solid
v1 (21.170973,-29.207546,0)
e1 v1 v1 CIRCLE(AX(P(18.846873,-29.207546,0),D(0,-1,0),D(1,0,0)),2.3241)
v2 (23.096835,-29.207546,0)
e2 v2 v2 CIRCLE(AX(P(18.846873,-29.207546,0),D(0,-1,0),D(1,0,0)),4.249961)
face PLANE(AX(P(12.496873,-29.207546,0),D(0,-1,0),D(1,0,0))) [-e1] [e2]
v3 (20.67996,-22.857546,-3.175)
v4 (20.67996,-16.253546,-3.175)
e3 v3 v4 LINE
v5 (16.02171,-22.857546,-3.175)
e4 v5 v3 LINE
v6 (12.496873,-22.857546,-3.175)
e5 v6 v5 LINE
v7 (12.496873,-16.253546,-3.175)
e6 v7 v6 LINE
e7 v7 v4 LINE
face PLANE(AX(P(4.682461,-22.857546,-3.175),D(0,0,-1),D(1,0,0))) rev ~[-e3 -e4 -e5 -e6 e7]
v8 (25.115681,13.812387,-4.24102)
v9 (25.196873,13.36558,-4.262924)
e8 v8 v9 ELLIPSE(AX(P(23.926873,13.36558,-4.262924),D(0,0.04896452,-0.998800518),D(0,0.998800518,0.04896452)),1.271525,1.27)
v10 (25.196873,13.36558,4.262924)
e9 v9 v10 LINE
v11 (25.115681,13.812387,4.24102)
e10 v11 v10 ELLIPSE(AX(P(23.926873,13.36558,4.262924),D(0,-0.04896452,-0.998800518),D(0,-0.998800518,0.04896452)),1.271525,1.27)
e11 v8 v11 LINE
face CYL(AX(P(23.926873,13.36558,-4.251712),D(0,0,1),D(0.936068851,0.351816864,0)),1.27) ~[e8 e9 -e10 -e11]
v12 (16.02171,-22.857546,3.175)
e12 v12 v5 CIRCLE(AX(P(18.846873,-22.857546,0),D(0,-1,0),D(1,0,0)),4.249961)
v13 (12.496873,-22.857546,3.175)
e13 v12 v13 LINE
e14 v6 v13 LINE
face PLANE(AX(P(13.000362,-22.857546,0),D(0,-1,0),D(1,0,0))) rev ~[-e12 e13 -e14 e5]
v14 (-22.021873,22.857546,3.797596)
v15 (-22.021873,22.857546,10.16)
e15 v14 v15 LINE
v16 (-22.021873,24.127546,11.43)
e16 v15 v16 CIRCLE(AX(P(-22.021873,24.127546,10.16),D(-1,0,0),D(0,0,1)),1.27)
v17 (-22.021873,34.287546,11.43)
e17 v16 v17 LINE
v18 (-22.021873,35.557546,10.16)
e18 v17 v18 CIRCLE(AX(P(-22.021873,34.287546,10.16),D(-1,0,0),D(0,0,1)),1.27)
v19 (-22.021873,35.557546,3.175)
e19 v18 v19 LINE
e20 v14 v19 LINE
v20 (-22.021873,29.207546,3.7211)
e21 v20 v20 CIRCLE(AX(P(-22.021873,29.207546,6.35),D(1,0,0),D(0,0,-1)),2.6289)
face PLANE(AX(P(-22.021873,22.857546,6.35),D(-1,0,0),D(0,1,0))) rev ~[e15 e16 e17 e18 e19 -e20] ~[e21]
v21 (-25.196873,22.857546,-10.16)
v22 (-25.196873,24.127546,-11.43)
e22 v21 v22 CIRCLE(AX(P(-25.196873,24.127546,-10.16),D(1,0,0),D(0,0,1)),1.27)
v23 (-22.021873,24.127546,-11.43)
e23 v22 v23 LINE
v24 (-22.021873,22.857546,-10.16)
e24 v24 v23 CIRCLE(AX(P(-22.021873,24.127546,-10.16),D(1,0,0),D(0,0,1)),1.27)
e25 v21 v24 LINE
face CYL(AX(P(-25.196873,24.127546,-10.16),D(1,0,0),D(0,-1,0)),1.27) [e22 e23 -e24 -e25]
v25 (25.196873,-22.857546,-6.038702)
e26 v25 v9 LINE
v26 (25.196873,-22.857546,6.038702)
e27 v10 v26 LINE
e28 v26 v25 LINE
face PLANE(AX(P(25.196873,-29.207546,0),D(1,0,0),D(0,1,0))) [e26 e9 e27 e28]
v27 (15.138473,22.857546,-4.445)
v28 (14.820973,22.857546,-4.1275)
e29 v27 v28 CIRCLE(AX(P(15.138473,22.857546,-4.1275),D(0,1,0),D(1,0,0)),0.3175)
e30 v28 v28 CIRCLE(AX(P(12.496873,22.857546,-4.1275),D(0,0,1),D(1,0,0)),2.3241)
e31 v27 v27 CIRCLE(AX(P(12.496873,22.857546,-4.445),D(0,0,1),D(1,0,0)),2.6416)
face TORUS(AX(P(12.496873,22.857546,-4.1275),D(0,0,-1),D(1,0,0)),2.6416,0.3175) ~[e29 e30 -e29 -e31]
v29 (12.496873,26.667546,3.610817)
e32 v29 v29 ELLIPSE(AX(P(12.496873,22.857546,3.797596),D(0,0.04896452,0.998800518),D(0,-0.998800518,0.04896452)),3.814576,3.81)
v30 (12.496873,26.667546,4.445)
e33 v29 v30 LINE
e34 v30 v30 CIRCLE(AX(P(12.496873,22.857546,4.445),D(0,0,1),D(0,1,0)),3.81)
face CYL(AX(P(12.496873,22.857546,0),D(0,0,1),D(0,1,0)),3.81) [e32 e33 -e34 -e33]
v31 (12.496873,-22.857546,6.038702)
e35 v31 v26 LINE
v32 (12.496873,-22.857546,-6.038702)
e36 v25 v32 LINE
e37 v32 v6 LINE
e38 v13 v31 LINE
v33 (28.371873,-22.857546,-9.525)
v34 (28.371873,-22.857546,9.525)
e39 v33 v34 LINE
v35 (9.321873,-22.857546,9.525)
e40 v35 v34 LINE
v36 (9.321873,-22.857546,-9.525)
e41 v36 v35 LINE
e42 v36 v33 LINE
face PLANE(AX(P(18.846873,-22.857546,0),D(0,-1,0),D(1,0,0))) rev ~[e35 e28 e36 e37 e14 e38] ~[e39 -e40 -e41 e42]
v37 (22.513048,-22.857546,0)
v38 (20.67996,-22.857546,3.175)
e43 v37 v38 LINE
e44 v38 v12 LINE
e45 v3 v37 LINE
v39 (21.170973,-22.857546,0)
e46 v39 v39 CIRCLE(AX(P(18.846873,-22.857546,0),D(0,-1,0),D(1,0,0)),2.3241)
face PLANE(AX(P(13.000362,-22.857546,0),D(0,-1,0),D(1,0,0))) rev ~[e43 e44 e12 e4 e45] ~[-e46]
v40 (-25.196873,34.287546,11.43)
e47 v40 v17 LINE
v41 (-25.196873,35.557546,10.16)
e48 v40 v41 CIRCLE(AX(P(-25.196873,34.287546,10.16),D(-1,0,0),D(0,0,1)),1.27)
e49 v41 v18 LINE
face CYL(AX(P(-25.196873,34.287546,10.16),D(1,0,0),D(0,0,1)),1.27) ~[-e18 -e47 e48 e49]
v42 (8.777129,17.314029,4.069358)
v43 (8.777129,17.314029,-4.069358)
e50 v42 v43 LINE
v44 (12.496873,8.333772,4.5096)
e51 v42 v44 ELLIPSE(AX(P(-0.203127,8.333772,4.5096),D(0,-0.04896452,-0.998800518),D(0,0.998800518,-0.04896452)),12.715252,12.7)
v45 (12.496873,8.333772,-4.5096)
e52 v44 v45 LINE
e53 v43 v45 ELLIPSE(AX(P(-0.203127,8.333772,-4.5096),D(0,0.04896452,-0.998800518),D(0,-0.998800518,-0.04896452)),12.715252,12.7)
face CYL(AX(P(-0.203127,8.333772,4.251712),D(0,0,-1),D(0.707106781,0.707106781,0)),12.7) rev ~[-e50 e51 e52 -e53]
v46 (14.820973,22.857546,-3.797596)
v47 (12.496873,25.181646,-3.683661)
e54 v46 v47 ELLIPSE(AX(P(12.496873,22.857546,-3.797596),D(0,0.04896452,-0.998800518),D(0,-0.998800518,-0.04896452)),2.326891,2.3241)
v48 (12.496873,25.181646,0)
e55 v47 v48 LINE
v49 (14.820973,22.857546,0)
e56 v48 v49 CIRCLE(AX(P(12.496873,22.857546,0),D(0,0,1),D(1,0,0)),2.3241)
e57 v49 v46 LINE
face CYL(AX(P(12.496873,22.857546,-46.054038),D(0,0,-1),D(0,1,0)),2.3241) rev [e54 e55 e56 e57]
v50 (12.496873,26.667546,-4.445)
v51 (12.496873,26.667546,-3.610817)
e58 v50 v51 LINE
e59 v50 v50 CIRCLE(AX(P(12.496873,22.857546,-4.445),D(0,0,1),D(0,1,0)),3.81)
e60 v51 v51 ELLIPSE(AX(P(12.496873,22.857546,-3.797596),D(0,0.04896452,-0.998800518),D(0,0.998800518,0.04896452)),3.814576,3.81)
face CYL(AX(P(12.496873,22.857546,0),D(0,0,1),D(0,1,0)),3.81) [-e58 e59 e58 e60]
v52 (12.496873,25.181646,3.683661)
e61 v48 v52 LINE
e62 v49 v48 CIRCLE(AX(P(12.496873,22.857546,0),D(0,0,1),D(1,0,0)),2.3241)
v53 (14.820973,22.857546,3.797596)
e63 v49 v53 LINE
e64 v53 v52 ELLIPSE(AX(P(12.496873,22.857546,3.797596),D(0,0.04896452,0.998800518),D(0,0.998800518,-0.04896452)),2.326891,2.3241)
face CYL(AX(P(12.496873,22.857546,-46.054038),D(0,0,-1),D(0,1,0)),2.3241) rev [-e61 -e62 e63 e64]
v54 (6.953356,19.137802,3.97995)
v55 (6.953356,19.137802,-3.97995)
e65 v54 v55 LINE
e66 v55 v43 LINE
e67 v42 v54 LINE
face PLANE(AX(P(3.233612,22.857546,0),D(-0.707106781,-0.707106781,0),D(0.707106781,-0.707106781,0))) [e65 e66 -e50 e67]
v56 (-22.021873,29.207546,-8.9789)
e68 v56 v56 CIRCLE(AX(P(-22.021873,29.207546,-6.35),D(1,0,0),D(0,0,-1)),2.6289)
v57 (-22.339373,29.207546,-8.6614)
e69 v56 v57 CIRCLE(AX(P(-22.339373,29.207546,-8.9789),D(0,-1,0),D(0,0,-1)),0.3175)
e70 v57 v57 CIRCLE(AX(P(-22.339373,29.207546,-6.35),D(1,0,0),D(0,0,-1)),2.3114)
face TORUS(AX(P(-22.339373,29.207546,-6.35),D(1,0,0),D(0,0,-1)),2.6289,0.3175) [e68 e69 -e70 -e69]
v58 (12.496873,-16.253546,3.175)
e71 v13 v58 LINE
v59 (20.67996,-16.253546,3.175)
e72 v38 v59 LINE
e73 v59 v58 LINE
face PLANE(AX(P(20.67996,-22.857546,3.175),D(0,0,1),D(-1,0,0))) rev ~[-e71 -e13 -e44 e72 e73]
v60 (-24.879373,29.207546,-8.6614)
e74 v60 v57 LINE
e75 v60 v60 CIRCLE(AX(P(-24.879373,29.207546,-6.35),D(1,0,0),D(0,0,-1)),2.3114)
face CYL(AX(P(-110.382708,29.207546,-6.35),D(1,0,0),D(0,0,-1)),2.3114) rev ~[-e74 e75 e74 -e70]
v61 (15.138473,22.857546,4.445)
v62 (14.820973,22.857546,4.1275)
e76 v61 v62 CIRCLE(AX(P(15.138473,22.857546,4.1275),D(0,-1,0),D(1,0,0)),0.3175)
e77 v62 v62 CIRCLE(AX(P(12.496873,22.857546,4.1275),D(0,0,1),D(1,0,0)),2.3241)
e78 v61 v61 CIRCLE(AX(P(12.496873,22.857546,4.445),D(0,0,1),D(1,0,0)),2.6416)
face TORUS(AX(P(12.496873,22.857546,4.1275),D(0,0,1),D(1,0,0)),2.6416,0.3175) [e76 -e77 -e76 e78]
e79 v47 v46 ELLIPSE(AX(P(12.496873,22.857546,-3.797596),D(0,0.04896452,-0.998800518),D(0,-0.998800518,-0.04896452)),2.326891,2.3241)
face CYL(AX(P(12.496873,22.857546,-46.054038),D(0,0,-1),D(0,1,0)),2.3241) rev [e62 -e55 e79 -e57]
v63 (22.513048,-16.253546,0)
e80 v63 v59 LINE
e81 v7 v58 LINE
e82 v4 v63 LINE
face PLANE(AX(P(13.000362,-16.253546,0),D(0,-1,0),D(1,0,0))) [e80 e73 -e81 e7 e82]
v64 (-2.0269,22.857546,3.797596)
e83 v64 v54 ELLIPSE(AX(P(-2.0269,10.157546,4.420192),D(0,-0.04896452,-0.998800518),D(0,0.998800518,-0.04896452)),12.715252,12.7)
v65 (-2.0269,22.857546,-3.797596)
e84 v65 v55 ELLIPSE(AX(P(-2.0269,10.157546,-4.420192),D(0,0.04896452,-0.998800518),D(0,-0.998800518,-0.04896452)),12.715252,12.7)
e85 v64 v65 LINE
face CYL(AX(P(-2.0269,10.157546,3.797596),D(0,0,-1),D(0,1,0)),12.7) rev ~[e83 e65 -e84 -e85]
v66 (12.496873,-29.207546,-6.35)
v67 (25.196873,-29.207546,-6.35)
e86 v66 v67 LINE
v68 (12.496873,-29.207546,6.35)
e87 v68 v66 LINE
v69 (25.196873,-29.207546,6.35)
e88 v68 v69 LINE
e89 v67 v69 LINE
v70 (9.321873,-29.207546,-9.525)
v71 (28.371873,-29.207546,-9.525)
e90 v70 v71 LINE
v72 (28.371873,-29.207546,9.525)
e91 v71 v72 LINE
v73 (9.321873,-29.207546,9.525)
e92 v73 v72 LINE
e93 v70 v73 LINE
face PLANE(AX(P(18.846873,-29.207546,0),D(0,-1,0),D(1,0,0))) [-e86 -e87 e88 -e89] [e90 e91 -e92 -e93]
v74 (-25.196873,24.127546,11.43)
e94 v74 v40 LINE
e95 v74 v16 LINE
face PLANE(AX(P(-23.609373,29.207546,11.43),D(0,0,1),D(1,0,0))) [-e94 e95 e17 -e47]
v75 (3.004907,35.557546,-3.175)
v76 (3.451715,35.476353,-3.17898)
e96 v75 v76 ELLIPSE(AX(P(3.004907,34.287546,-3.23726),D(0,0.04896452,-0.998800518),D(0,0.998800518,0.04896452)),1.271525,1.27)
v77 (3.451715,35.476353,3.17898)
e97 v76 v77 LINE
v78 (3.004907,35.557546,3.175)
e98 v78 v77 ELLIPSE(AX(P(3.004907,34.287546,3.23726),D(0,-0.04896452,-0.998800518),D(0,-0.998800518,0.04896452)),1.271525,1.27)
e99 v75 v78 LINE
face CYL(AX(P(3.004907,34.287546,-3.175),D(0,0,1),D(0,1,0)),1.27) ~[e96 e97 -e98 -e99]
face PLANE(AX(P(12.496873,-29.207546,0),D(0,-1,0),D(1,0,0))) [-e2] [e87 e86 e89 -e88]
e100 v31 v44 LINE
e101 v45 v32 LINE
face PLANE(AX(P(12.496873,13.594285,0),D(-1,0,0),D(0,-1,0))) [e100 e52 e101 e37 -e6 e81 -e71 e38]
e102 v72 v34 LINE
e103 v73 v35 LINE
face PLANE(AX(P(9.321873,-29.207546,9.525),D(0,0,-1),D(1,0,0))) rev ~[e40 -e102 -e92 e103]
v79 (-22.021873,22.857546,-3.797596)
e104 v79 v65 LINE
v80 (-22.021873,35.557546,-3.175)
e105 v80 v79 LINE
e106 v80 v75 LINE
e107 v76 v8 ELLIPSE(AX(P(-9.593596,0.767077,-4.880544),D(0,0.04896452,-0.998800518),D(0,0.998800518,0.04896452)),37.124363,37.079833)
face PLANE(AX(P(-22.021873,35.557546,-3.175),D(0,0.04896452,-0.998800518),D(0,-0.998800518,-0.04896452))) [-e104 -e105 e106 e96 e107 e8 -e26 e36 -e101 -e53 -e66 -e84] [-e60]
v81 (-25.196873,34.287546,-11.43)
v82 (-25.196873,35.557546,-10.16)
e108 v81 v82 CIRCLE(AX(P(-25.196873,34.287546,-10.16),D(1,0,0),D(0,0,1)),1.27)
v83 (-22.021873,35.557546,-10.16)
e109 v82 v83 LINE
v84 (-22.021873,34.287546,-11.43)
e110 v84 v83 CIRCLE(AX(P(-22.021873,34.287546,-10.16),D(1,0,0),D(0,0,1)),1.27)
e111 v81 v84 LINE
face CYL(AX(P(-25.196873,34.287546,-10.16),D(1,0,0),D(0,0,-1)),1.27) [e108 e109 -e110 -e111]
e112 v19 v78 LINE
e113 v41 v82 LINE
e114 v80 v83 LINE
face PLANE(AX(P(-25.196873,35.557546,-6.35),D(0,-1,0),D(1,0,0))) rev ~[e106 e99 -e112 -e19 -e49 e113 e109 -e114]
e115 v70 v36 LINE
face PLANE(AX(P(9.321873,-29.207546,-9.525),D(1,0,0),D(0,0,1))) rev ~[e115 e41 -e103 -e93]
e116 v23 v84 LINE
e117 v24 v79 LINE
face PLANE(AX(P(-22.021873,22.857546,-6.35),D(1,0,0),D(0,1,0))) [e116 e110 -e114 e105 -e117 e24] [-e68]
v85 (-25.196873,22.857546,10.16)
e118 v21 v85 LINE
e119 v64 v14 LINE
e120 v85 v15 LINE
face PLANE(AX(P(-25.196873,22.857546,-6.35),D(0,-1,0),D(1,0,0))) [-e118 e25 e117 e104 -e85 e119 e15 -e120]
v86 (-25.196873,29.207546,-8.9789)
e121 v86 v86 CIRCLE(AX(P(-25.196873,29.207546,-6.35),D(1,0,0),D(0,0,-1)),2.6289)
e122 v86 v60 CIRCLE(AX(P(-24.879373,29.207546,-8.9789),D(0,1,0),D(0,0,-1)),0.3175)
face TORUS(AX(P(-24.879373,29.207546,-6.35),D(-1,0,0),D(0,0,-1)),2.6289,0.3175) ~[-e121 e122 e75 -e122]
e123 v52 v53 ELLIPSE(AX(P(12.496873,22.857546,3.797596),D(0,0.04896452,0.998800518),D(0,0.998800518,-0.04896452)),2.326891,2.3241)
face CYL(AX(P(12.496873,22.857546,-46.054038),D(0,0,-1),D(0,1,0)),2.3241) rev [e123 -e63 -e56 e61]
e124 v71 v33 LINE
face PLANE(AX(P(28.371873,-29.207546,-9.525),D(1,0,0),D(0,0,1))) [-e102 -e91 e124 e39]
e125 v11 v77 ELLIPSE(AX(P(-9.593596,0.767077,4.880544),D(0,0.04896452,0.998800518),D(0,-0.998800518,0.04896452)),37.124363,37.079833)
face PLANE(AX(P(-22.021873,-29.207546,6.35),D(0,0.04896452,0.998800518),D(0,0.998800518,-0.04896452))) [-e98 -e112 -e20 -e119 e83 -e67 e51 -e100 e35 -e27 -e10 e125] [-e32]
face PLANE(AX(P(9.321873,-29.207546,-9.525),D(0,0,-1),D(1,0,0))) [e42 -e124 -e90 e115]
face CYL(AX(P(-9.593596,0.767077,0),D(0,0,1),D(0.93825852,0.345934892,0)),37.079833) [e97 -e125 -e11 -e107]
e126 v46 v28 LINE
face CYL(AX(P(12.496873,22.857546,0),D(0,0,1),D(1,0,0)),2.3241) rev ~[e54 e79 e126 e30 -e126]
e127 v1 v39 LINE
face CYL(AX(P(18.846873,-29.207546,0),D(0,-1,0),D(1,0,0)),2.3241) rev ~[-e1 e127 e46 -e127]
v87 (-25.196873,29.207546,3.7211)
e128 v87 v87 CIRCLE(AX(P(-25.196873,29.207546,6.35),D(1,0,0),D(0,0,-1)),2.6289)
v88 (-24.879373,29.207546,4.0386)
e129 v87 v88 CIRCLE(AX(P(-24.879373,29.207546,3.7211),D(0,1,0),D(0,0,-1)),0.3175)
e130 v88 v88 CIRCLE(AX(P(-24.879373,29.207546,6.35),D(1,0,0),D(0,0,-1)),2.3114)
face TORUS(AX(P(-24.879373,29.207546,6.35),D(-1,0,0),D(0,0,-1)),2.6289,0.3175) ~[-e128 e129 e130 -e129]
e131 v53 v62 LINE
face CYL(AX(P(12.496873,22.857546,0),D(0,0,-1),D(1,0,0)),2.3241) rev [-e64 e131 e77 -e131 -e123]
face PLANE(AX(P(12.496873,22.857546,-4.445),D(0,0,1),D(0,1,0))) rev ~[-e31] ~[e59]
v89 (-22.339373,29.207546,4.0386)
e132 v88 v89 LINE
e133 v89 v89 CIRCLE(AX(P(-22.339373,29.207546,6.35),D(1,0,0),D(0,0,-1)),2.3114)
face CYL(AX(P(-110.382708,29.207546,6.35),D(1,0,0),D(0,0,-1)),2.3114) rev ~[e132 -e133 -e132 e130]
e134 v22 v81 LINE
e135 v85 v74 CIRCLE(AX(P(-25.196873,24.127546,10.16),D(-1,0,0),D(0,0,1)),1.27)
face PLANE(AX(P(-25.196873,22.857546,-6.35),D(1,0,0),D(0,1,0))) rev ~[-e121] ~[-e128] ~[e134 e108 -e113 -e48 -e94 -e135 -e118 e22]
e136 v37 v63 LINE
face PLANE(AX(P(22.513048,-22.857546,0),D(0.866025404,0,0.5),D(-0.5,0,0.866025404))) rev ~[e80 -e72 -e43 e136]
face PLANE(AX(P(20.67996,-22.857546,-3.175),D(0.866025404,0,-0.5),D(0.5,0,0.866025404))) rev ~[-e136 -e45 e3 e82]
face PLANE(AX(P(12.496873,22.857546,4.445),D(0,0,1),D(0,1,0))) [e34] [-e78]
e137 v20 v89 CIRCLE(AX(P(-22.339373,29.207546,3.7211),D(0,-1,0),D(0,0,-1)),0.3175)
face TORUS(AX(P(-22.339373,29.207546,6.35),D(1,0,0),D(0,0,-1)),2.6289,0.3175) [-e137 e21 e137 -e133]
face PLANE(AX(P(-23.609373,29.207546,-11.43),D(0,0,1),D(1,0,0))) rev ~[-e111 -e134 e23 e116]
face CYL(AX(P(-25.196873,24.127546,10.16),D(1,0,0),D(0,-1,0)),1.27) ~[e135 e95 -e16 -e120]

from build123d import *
from build123d.topology import SkipClean

# Parameters (mm, degrees)
BOSS_EXTRUDE1_DEPTH         = 6.35
CUT_EXTRUDE5_START          = -3.175
SKETCH17_OUTSIDE_W          = 31.308
SKETCH17_OUTSIDE_H          = 83.374
CUT_EXTRUDE5_DEPTH          = 59.826542399
BOSS_EXTRUDE7_START         = 6.35
SKETCH18_W                  = 3.175
SKETCH18_H                  = 12.7
BOSS_EXTRUDE7_DEPTH         = 5.08
BOSS_EXTRUDE8_START         = -6.35
SKETCH18_2_W                = 3.175
SKETCH18_2_H                = 12.7
BOSS_EXTRUDE8_DEPTH         = 5.08
CUT_EXTRUDE6_DEPTH          = 46.054038494
CUT_EXTRUDE6_DEPTH_BACK     = 46.054038494
SKETCH20_R                  = 2.3241
FILLET7_R                   = 12.7
FILLET9_R                   = 1.27
SKETCH20_4_R                = 3.81
SKETCH20_4_R_2              = 2.3241
BOSS_EXTRUDE9_DEPTH         = 4.445
FILLET10_R                  = 0.3175
F_14_0_182_DIAMETER_HOLE1_D = 4.6228
FILLET11_R                  = 0.3175
SKETCH23_R                  = 2.3241
CUT_EXTRUDE7_DEPTH          = 12.7
CUT_EXTRUDE8_START          = -6.35
CUT_EXTRUDE8_DEPTH          = 6.604
SKETCH26_W                  = 19.05
SKETCH26_H                  = 19.05
SKETCH26_R                  = 4.249961333
BOSS_EXTRUDE10_DEPTH        = 6.35


with BuildPart() as part:
    # Sketch1 → Boss-Extrude1 (new, symmetric)
    with BuildSketch(Plane.XY):
        with BuildLine():
            Line((12.496873319, -29.207545747), (25.196873319, -29.207545747))
            Line((25.196873319, -29.207545747), (25.196873319, 13.594284672))
            ThreePointArc((25.196873319, 13.594284672), (16.625805495, 26.986477923), (3.233612245, 35.557545747))
            Line((3.233612245, 35.557545747), (-25.196873319, 35.557545747))
            Line((-25.196873319, 35.557545747), (-25.196873319, 22.857545747))
            Line((-25.196873319, 22.857545747), (3.233612245, 22.857545747))
            Line((3.233612245, 22.857545747), (12.496873319, 13.594284672))
            Line((12.496873319, 13.594284672), (12.496873319, -29.207545747))
        make_face()
    extrude(amount=BOSS_EXTRUDE1_DEPTH, both=True)

    # Sketch17 outside → Cut-Extrude5 (cut, through all)
    with BuildSketch(Plane.ZY.offset(25.196873319).offset(CUT_EXTRUDE5_START)):
        with Locations((0, 3.175)):
            Rectangle(SKETCH17_OUTSIDE_W, SKETCH17_OUTSIDE_H)
        Polygon((6.35, -29.207545747), (3.175, 35.557545747), (-3.175, 35.557545747), (-6.35, -29.207545747), align=None, mode=Mode.SUBTRACT)
    extrude(amount=-CUT_EXTRUDE5_DEPTH, mode=Mode.SUBTRACT)

    # Sketch18 → Boss-Extrude7 (add)
    with BuildSketch(Plane.XY.offset(BOSS_EXTRUDE7_START)):
        with Locations((-23.609373319, 29.207545747)):
            Rectangle(SKETCH18_W, SKETCH18_H)
    extrude(amount=BOSS_EXTRUDE7_DEPTH)

    # Sketch18<2> → Boss-Extrude8 (add)
    with BuildSketch(Plane.XY.offset(BOSS_EXTRUDE8_START)):
        with Locations((-23.609373319, 29.207545747)):
            Rectangle(SKETCH18_2_W, SKETCH18_2_H)
    extrude(amount=-BOSS_EXTRUDE8_DEPTH)

    # Sketch20 → Cut-Extrude6 (cut, two sides: drawn at the far end of the back side and taken through both)
    with BuildSketch(Plane.XY.offset(-CUT_EXTRUDE6_DEPTH_BACK)):
        with Locations(Location((12.496873319, 22.857545747, 0), (0, 0, 90))):
            Circle(SKETCH20_R)
    extrude(amount=CUT_EXTRUDE6_DEPTH + CUT_EXTRUDE6_DEPTH_BACK, mode=Mode.SUBTRACT)

    # Fillet7
    fillet7_edges = [part.edges().sort_by_distance(p)[0] for p in [
        (12.496873319, 13.594284672, 0),
        (3.233612245, 22.857545747, 0),
    ]]
    fillet(fillet7_edges, radius=FILLET7_R)

    # Fillet9
    fillet9_edges = [part.edges().sort_by_distance(p)[0] for p in [
        (25.196873319, 13.594284672, 0),
        (3.233612245, 35.557545747, 0),
        (-23.609373319, 22.857545747, 11.43),
        (-23.609373319, 22.857545747, -11.43),
        (-23.609373319, 35.557545747, -11.43),
        (-23.609373319, 35.557545747, 11.43),
    ]]
    fillet(fillet9_edges, radius=FILLET9_R)

    # Sketch20<4> → Boss-Extrude9 (add, symmetric)
    with SkipClean():  # the faces are left unmerged after this step: merging them gives an invalid solid
        with BuildSketch(Plane.XY):
            with Locations(Location((12.496873319, 22.857545747, 0), (0, 0, 90))):
                Circle(SKETCH20_4_R)
            with Locations((12.496873319, 22.857545747)):
                Circle(SKETCH20_4_R_2, mode=Mode.SUBTRACT)
        extrude(amount=BOSS_EXTRUDE9_DEPTH, both=True)

    # Fillet10
    fillet10_edges = [part.edges().sort_by_distance(p)[0] for p in [
        (10.172773319, 22.857545747, -4.445),
        (10.172773319, 22.857545747, 4.445),
    ]]
    fillet(fillet10_edges, radius=FILLET10_R)

    # #14 (0.182) Diameter Hole1 (through all)
    with Locations(Plane.ZY.offset(25.196873319)):
        with Locations((6.35, 29.207545747), (-6.35, 29.207545747)):
            Hole(F_14_0_182_DIAMETER_HOLE1_D / 2)

    # Fillet11
    fillet11_edges = [part.edges().sort_by_distance(p)[0] for p in [
        (-22.021873319, 29.207545747, 8.6614),
        (-25.196873319, 29.207545747, 8.6614),
        (-22.021873319, 29.207545747, -4.0386),
        (-25.196873319, 29.207545747, -4.0386),
    ]]
    fillet(fillet11_edges, radius=FILLET11_R)

    # Sketch23 → Cut-Extrude7 (cut)
    with SkipClean():  # the faces are left unmerged after this step: merging them gives an invalid solid
        with BuildSketch(Plane.XZ.offset(29.207545747)):
            with Locations((18.846873319, 0)):
                Circle(SKETCH23_R)
        extrude(amount=-CUT_EXTRUDE7_DEPTH, mode=Mode.SUBTRACT)

    # Sketch25 → Cut-Extrude8 (cut)
    with SkipClean():  # the faces are left unmerged after this step: merging them gives an invalid solid
        with BuildSketch(Plane.XZ.offset(29.207545747).offset(CUT_EXTRUDE8_START)):
            Polygon((20.679960424, 3.175), (17.013786215, 3.175), (4.682460922, 3.175), (4.682460922, -3.175), (17.013786215, -3.175), (20.679960424, -3.175), (22.513047529, 0), align=None)
        extrude(amount=-CUT_EXTRUDE8_DEPTH, mode=Mode.SUBTRACT)

    # Sketch26 → Boss-Extrude10 (add)
    with SkipClean():  # the faces are left unmerged after this step: merging them gives an invalid solid
        with BuildSketch(Plane.XZ.offset(29.207545747)):
            with Locations((18.846873319, 0)):
                Rectangle(SKETCH26_W, SKETCH26_H)
            with Locations((18.846873319, 0)):
                Circle(SKETCH26_R, mode=Mode.SUBTRACT)
        extrude(amount=-BOSS_EXTRUDE10_DEPTH)


solid = part.part
